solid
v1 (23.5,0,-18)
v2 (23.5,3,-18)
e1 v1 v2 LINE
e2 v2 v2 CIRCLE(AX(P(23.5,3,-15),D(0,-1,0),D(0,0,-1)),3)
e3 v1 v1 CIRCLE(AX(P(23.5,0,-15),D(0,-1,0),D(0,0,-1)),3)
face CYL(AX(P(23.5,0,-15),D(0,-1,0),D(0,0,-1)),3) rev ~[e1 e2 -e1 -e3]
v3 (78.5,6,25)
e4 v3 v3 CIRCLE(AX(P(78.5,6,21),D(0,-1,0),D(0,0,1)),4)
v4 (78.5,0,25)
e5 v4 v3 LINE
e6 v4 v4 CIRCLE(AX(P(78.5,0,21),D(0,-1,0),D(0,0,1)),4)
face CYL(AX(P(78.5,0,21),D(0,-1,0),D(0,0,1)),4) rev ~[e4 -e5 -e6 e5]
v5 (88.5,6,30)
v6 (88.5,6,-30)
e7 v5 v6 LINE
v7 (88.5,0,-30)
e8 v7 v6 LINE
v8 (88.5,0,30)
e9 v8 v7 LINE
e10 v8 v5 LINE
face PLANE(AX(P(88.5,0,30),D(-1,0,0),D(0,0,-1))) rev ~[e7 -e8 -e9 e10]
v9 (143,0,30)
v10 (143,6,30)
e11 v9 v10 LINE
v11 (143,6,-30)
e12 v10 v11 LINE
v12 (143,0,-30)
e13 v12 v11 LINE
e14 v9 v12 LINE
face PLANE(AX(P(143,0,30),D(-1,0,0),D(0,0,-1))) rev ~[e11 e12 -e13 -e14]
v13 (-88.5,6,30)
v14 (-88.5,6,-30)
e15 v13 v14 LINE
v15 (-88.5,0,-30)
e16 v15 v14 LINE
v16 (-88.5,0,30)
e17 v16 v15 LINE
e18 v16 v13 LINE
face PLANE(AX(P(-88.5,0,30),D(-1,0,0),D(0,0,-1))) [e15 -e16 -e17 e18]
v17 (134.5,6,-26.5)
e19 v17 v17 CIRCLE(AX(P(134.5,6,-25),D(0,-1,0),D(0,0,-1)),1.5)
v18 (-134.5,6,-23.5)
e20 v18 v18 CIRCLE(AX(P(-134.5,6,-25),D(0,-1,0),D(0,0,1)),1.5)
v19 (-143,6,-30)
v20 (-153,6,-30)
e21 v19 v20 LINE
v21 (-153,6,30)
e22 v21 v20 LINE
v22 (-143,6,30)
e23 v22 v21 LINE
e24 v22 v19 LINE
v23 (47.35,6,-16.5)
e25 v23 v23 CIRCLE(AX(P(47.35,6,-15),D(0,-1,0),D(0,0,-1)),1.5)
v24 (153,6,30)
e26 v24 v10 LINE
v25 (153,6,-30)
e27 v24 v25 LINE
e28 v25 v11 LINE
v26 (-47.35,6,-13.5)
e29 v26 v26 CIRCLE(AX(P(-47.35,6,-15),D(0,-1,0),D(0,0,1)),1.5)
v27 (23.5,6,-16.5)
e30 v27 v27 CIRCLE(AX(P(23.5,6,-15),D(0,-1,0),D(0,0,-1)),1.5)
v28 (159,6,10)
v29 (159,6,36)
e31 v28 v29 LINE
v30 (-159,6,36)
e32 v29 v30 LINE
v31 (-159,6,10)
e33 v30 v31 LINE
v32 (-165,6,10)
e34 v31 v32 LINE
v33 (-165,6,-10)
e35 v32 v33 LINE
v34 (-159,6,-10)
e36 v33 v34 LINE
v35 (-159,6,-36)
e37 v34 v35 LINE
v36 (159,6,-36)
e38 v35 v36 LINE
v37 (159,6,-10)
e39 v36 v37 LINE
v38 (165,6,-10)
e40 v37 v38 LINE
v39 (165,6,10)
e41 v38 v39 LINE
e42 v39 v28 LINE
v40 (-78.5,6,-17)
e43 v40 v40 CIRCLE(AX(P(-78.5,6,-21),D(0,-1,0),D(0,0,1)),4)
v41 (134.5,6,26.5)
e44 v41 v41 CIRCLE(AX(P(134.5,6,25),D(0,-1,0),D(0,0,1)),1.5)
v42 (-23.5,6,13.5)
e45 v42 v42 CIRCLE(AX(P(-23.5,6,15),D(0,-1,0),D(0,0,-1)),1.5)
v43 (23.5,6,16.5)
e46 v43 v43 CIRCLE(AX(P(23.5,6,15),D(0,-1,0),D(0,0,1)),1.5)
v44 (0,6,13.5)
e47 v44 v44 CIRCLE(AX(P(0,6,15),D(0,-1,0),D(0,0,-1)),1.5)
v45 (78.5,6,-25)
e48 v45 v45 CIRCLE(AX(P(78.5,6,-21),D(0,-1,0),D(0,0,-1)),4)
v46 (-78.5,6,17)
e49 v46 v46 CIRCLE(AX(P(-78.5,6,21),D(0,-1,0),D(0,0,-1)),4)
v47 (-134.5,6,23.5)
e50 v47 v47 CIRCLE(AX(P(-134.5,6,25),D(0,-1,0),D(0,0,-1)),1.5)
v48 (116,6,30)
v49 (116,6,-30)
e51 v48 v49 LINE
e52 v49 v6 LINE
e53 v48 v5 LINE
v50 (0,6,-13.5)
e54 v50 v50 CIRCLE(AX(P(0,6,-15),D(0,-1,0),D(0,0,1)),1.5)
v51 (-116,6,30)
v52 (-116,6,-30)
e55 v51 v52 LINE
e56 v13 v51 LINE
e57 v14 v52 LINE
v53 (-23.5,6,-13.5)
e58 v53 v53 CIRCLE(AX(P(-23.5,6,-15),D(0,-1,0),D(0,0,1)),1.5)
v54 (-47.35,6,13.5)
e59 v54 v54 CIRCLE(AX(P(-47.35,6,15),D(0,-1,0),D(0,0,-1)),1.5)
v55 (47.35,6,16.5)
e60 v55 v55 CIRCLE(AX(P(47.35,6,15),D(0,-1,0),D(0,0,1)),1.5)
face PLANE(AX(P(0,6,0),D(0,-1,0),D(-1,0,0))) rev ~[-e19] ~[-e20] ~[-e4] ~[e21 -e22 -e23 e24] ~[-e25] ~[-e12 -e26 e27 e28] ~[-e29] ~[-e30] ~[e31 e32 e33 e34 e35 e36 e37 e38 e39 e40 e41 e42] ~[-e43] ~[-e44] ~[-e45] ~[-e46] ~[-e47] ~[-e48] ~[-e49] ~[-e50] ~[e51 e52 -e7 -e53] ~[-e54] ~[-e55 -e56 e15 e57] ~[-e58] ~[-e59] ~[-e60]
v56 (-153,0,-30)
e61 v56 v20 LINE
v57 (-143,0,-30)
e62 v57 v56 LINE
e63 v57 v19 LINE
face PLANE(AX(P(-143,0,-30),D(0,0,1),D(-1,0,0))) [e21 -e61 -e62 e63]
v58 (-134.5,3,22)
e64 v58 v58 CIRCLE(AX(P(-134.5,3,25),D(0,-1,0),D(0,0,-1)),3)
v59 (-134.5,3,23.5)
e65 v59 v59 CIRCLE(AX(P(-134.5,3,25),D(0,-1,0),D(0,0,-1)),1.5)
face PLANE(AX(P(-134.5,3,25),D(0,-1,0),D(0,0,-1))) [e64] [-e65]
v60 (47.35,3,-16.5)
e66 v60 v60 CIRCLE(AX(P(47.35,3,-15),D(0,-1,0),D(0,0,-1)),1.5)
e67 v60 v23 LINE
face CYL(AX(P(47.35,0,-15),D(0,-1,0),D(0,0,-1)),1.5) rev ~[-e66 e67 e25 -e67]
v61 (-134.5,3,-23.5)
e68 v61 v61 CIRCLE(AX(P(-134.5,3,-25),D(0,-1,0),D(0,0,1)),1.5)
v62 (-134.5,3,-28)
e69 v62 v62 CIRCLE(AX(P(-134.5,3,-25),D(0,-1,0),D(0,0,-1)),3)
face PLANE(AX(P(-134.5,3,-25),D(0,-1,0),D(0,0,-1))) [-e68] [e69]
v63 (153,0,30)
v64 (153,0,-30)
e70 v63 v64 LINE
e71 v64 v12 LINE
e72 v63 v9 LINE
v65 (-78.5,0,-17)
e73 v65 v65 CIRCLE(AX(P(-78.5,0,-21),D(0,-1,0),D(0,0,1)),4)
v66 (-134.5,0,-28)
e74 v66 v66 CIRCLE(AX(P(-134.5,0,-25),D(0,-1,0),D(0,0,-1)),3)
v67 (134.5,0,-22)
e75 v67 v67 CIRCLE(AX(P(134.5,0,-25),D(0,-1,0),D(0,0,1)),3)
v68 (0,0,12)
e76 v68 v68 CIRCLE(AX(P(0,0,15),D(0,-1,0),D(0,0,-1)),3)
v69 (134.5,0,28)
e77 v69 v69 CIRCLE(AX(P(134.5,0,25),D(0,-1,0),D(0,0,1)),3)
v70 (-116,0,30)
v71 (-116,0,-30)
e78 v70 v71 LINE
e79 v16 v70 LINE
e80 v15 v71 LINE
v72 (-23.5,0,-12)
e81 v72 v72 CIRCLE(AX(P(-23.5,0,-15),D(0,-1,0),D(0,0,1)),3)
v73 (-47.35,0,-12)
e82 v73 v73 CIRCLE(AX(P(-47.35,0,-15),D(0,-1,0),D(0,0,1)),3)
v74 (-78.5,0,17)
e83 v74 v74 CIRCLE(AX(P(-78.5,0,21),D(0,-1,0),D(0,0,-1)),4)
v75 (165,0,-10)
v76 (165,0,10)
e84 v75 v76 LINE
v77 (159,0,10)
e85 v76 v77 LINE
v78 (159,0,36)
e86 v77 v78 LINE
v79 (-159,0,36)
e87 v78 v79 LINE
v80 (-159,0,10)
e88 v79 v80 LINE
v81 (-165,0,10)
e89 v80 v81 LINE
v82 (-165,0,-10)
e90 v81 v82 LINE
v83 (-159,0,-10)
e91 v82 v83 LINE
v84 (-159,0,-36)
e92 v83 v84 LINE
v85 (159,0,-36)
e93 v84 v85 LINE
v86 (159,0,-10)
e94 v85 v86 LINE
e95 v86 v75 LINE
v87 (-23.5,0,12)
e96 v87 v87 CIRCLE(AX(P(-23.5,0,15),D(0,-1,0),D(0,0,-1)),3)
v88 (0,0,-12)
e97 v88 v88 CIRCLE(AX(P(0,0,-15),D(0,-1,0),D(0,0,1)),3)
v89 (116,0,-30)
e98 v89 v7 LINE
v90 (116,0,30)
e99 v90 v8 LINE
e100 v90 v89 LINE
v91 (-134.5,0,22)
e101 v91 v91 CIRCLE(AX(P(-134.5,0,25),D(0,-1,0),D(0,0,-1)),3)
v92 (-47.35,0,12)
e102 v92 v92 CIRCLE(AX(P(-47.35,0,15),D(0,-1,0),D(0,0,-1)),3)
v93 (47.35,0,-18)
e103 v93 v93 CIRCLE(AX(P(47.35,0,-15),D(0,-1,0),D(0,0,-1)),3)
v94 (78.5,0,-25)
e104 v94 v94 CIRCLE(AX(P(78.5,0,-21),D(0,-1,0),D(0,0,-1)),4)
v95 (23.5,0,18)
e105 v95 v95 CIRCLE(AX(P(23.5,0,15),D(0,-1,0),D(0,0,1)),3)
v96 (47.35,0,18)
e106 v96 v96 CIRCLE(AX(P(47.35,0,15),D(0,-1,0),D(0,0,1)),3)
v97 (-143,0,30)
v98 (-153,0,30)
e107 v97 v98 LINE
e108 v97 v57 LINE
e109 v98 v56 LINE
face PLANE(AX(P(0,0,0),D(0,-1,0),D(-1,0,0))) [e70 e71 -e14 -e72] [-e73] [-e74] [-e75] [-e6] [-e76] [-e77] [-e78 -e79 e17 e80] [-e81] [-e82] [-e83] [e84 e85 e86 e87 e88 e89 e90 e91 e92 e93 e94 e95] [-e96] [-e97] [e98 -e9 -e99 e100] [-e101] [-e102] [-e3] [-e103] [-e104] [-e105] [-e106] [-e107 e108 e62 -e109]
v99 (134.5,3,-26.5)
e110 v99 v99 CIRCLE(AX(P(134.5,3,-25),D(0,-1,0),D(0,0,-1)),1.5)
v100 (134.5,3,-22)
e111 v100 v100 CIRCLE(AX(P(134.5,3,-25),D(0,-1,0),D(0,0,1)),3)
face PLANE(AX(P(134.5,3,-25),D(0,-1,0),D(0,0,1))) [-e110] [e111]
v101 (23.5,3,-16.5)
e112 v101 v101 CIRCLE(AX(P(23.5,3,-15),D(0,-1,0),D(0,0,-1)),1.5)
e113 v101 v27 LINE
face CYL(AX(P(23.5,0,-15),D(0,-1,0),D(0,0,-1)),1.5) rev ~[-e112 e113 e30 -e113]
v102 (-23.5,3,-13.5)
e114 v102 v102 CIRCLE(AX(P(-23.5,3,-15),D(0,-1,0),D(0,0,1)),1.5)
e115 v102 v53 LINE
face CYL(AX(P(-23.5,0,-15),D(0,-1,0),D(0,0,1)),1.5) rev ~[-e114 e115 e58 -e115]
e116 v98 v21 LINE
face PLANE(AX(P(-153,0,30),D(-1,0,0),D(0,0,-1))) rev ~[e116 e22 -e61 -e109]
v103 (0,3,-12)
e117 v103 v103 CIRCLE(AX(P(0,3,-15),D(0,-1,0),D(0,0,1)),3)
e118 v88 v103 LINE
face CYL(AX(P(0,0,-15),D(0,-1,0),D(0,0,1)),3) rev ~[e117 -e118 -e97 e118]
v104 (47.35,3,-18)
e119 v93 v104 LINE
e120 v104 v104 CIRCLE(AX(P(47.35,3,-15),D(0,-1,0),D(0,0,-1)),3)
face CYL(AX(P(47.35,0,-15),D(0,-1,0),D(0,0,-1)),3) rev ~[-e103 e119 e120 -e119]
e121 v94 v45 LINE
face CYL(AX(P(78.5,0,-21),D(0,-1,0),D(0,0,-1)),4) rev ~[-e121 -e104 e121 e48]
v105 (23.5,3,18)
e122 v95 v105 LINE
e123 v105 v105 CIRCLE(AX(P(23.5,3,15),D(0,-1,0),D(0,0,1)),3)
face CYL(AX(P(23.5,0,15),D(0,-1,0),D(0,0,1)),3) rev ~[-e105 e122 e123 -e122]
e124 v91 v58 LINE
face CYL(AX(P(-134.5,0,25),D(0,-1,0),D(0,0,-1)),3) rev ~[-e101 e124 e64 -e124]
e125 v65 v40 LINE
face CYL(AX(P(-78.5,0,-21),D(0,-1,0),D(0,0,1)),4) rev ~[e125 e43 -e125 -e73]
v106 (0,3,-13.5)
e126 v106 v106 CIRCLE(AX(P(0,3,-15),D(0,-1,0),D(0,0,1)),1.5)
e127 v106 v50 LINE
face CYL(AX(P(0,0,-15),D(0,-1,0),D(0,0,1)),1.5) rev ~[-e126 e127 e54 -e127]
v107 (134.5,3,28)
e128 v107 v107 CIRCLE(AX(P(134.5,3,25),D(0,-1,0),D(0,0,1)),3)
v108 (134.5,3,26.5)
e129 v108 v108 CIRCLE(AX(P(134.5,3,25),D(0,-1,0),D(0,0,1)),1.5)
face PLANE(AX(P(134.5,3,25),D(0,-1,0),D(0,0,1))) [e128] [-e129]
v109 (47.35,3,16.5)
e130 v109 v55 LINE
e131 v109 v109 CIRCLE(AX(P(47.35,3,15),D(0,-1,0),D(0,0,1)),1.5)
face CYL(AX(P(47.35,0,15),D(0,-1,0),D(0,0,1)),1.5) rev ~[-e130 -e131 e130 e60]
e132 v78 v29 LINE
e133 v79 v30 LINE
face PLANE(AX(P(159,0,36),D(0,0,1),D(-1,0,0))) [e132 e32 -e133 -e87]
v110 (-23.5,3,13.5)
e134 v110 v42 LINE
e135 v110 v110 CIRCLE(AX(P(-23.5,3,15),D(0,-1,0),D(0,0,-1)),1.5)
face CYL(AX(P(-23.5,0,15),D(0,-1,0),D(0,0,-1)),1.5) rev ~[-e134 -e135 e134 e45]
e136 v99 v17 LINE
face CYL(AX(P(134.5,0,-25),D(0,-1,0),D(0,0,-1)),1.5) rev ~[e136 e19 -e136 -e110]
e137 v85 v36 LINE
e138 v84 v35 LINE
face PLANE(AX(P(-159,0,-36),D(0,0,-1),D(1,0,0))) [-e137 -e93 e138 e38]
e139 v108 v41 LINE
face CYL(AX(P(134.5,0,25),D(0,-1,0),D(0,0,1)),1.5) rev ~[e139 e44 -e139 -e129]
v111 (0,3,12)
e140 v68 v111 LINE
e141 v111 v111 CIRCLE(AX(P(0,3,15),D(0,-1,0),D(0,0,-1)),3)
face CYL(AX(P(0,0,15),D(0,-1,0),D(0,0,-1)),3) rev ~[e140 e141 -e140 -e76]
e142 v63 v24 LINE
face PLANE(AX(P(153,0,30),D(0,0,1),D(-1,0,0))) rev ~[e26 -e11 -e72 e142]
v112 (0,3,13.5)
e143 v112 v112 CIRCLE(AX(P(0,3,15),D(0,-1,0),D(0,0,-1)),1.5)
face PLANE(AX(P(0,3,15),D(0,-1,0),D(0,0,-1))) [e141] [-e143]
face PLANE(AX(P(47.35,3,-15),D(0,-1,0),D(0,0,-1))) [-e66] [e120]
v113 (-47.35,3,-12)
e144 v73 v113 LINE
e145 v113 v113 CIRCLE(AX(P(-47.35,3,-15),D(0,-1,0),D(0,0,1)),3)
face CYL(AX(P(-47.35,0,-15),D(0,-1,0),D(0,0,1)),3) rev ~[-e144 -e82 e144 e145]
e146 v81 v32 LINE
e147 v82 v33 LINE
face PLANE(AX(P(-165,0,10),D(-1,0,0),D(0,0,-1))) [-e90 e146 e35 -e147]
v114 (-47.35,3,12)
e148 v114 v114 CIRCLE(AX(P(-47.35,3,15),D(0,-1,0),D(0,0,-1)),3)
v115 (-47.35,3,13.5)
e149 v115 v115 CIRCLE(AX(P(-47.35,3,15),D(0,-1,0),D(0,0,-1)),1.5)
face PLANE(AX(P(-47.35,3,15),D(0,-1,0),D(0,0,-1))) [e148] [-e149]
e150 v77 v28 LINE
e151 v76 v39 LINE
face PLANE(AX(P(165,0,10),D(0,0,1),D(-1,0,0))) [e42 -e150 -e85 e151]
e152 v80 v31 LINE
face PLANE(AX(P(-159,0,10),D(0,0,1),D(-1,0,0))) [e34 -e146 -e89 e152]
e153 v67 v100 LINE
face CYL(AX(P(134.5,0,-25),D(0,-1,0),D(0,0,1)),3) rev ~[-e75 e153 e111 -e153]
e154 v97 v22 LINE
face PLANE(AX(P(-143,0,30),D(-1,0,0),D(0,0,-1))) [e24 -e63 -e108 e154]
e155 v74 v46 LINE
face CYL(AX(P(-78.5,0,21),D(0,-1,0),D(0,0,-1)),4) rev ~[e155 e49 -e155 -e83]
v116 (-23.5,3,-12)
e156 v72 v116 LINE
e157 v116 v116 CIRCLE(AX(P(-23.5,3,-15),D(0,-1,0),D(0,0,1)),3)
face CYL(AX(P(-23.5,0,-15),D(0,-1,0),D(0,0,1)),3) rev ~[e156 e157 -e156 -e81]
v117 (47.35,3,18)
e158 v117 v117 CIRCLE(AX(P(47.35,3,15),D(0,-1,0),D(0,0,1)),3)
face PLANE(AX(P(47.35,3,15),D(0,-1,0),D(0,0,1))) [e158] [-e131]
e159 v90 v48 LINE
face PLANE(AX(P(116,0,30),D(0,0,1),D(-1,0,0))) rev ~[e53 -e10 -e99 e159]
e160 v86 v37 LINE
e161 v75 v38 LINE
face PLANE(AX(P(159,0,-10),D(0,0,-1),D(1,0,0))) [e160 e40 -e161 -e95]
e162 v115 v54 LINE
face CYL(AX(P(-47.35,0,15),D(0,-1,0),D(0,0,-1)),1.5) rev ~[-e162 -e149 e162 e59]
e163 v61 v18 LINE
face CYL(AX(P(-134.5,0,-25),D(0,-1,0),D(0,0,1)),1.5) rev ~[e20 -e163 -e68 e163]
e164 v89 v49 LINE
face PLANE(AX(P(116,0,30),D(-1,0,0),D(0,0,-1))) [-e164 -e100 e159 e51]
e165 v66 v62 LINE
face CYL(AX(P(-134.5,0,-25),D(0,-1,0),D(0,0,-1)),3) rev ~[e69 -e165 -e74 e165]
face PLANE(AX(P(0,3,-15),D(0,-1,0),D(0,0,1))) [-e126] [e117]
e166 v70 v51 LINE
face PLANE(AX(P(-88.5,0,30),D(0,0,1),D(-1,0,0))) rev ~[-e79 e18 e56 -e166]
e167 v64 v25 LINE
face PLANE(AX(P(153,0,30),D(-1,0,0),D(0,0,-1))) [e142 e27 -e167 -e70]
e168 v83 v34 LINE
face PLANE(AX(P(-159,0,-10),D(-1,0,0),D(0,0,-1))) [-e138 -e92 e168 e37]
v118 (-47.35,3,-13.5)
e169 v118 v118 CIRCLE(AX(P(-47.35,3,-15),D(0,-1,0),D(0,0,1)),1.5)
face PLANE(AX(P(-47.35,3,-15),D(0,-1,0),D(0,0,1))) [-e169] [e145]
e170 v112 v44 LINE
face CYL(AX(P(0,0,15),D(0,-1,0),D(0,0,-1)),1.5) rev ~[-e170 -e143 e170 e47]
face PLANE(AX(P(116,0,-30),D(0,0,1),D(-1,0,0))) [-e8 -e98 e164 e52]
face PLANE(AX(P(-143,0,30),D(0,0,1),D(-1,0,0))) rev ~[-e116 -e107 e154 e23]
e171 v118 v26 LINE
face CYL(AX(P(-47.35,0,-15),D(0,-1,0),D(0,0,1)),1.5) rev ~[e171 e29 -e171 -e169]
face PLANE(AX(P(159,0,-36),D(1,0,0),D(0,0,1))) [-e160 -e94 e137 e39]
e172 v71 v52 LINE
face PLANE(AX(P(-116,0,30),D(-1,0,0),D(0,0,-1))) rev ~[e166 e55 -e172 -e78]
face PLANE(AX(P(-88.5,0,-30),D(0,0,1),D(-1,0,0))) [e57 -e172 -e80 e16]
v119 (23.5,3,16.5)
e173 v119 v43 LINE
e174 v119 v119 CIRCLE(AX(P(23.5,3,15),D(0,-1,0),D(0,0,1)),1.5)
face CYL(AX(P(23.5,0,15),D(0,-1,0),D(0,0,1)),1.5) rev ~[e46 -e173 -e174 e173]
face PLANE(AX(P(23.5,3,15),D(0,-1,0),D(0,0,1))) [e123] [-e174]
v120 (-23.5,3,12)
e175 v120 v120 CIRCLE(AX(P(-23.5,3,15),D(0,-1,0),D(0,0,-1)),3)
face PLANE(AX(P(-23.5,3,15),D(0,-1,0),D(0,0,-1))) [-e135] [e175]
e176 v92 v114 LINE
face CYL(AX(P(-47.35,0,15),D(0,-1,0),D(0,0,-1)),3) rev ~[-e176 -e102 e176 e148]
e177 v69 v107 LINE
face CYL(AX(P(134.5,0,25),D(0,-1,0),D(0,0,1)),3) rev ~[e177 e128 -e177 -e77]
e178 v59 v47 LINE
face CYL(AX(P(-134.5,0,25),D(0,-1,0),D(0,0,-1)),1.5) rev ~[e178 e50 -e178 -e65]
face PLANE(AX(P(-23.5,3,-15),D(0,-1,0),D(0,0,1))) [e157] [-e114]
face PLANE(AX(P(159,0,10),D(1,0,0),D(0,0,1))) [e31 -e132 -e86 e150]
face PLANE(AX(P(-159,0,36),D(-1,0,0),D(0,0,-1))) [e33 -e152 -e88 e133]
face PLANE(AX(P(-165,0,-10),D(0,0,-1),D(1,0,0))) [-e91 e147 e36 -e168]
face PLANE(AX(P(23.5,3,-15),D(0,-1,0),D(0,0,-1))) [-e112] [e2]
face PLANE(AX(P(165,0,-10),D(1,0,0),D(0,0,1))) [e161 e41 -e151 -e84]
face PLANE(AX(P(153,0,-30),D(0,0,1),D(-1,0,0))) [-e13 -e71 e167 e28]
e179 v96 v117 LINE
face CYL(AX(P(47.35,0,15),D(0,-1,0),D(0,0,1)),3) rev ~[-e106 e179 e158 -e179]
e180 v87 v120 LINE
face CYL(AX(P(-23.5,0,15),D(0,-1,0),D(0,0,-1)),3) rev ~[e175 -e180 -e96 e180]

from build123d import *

# Parameters (mm, degrees)
BOSS_EXTRU_1_DEPTH      = 6
ESQUISSE2_R             = 1.5
ENL_V_MAT_EXTRU_1_DEPTH = 169.988165266
ESQUISSE3_R             = 3
ENL_V_MAT_EXTRU_2_DEPTH = 3
ESQUISSE4_R             = 4
ENL_V_MAT_EXTRU_3_DEPTH = 169.988165266
ESQUISSE5_W             = 27.5
ESQUISSE5_H             = 60
ENL_V_MAT_EXTRU_4_DEPTH = 169.988165266
ESQUISSE6_R             = 1.5
ENL_V_MAT_EXTRU_5_DEPTH = 169.988165266
ESQUISSE7_W             = 10
ESQUISSE7_H             = 60
ENL_V_MAT_EXTRU_6_DEPTH = 169.988165266
ESQUISSE8_R             = 3
ENL_V_MAT_EXTRU_7_DEPTH = 3


with BuildPart() as part:
    # Esquisse1 → Boss.-Extru.1 (new body)
    with BuildSketch(Plane(origin=(0, 0, 0), x_dir=(1, 0, 0), z_dir=(0, 1, 0))):
        Polygon((-159, -36), (-159, -10), (-165, -10), (-165, 10), (-159, 10), (-159, 36), (159, 36), (159, 10), (165, 10), (165, -10), (159, -10), (159, -36), align=None)
    extrude(amount=BOSS_EXTRU_1_DEPTH)

    # Esquisse2 → Enlèv. mat.-Extru.1 (cut, through all)
    with BuildSketch(Plane.XZ):
        with Locations(Location((-47.35, 15, 0), (0, 0, 270))):
            Circle(ESQUISSE2_R)
        with Locations(Location((-23.5, 15, 0), (0, 0, 270))):
            Circle(ESQUISSE2_R)
        with Locations(Location((23.5, 15, 0), (0, 0, 90))):
            Circle(ESQUISSE2_R)
        with Locations(Location((47.35, 15, 0), (0, 0, 90))):
            Circle(ESQUISSE2_R)
        with Locations(Location((47.35, -15, 0), (0, 0, 270))):
            Circle(ESQUISSE2_R)
        with Locations(Location((23.5, -15, 0), (0, 0, 270))):
            Circle(ESQUISSE2_R)
        with Locations(Location((-23.5, -15, 0), (0, 0, 90))):
            Circle(ESQUISSE2_R)
        with Locations(Location((-47.35, -15, 0), (0, 0, 90))):
            Circle(ESQUISSE2_R)
        with Locations(Location((0, 15, 0), (0, 0, 270))):
            Circle(ESQUISSE2_R)
        with Locations(Location((0, -15, 0), (0, 0, 90))):
            Circle(ESQUISSE2_R)
    extrude(amount=-ENL_V_MAT_EXTRU_1_DEPTH, mode=Mode.SUBTRACT)

    # Esquisse3 → Enlèv. mat.-Extru.2 (cut)
    with BuildSketch(Plane(origin=(0, 0, 0), x_dir=(-1, 0, 0), z_dir=(0, -1, 0))):
        with Locations(Location((47.35, -15, 0), (0, 0, 90))):
            Circle(ESQUISSE3_R)
        with Locations(Location((23.5, -15, 0), (0, 0, 90))):
            Circle(ESQUISSE3_R)
        with Locations(Location((0, -15, 0), (0, 0, 90))):
            Circle(ESQUISSE3_R)
        with Locations(Location((0, 15, 0), (0, 0, 270))):
            Circle(ESQUISSE3_R)
        with Locations(Location((23.5, 15, 0), (0, 0, 270))):
            Circle(ESQUISSE3_R)
        with Locations(Location((47.35, 15, 0), (0, 0, 270))):
            Circle(ESQUISSE3_R)
        with Locations(Location((-47.35, 15, 0), (0, 0, 90))):
            Circle(ESQUISSE3_R)
        with Locations(Location((-23.5, 15, 0), (0, 0, 90))):
            Circle(ESQUISSE3_R)
        with Locations(Location((-23.5, -15, 0), (0, 0, 270))):
            Circle(ESQUISSE3_R)
        with Locations(Location((-47.35, -15, 0), (0, 0, 270))):
            Circle(ESQUISSE3_R)
    extrude(amount=-ENL_V_MAT_EXTRU_2_DEPTH, mode=Mode.SUBTRACT)

    # Esquisse4 → Enlèv. mat.-Extru.3 (cut, through all)
    with BuildSketch(Plane(origin=(0, 0, 0), x_dir=(-1, 0, 0), z_dir=(0, -1, 0))):
        with Locations(Location((78.5, -21, 0), (0, 0, 90))):
            Circle(ESQUISSE4_R)
        with Locations(Location((-78.5, -21, 0), (0, 0, 270))):
            Circle(ESQUISSE4_R)
        with Locations(Location((78.5, 21, 0), (0, 0, 270))):
            Circle(ESQUISSE4_R)
        with Locations(Location((-78.5, 21, 0), (0, 0, 90))):
            Circle(ESQUISSE4_R)
    extrude(amount=-ENL_V_MAT_EXTRU_3_DEPTH, mode=Mode.SUBTRACT)

    # Esquisse5 → Enlèv. mat.-Extru.4 (cut, through all)
    with BuildSketch(Plane(origin=(0, 0, 0), x_dir=(-1, 0, 0), z_dir=(0, -1, 0))):
        with Locations((102.25, 0)):
            Rectangle(ESQUISSE5_W, ESQUISSE5_H)
        with Locations((-102.25, 0)):
            Rectangle(ESQUISSE5_W, ESQUISSE5_H)
    extrude(amount=-ENL_V_MAT_EXTRU_4_DEPTH, mode=Mode.SUBTRACT)

    # Esquisse6 → Enlèv. mat.-Extru.5 (cut, through all)
    with BuildSketch(Plane(origin=(0, 0, 0), x_dir=(-1, 0, 0), z_dir=(0, -1, 0))):
        with Locations(Location((134.5, -25, 0), (0, 0, 90))):
            Circle(ESQUISSE6_R)
        with Locations(Location((-134.5, -25, 0), (0, 0, 270))):
            Circle(ESQUISSE6_R)
        with Locations(Location((-134.5, 25, 0), (0, 0, 90))):
            Circle(ESQUISSE6_R)
        with Locations(Location((134.5, 25, 0), (0, 0, 270))):
            Circle(ESQUISSE6_R)
    extrude(amount=-ENL_V_MAT_EXTRU_5_DEPTH, mode=Mode.SUBTRACT)

    # Esquisse7 → Enlèv. mat.-Extru.6 (cut, through all)
    with BuildSketch(Plane(origin=(0, 0, 0), x_dir=(-1, 0, 0), z_dir=(0, -1, 0))):
        with Locations((148, 0)):
            Rectangle(ESQUISSE7_W, ESQUISSE7_H)
        with Locations((-148, 0)):
            Rectangle(ESQUISSE7_W, ESQUISSE7_H)
    extrude(amount=-ENL_V_MAT_EXTRU_6_DEPTH, mode=Mode.SUBTRACT)

    # Esquisse8 → Enlèv. mat.-Extru.7 (cut)
    with BuildSketch(Plane.XZ):
        with Locations(Location((-134.5, 25, 0), (0, 0, 270))):
            Circle(ESQUISSE8_R)
        with Locations(Location((-134.5, -25, 0), (0, 0, 270))):
            Circle(ESQUISSE8_R)
        with Locations(Location((134.5, -25, 0), (0, 0, 90))):
            Circle(ESQUISSE8_R)
        with Locations(Location((134.5, 25, 0), (0, 0, 90))):
            Circle(ESQUISSE8_R)
    extrude(amount=-ENL_V_MAT_EXTRU_7_DEPTH, mode=Mode.SUBTRACT)


solid = part.part
